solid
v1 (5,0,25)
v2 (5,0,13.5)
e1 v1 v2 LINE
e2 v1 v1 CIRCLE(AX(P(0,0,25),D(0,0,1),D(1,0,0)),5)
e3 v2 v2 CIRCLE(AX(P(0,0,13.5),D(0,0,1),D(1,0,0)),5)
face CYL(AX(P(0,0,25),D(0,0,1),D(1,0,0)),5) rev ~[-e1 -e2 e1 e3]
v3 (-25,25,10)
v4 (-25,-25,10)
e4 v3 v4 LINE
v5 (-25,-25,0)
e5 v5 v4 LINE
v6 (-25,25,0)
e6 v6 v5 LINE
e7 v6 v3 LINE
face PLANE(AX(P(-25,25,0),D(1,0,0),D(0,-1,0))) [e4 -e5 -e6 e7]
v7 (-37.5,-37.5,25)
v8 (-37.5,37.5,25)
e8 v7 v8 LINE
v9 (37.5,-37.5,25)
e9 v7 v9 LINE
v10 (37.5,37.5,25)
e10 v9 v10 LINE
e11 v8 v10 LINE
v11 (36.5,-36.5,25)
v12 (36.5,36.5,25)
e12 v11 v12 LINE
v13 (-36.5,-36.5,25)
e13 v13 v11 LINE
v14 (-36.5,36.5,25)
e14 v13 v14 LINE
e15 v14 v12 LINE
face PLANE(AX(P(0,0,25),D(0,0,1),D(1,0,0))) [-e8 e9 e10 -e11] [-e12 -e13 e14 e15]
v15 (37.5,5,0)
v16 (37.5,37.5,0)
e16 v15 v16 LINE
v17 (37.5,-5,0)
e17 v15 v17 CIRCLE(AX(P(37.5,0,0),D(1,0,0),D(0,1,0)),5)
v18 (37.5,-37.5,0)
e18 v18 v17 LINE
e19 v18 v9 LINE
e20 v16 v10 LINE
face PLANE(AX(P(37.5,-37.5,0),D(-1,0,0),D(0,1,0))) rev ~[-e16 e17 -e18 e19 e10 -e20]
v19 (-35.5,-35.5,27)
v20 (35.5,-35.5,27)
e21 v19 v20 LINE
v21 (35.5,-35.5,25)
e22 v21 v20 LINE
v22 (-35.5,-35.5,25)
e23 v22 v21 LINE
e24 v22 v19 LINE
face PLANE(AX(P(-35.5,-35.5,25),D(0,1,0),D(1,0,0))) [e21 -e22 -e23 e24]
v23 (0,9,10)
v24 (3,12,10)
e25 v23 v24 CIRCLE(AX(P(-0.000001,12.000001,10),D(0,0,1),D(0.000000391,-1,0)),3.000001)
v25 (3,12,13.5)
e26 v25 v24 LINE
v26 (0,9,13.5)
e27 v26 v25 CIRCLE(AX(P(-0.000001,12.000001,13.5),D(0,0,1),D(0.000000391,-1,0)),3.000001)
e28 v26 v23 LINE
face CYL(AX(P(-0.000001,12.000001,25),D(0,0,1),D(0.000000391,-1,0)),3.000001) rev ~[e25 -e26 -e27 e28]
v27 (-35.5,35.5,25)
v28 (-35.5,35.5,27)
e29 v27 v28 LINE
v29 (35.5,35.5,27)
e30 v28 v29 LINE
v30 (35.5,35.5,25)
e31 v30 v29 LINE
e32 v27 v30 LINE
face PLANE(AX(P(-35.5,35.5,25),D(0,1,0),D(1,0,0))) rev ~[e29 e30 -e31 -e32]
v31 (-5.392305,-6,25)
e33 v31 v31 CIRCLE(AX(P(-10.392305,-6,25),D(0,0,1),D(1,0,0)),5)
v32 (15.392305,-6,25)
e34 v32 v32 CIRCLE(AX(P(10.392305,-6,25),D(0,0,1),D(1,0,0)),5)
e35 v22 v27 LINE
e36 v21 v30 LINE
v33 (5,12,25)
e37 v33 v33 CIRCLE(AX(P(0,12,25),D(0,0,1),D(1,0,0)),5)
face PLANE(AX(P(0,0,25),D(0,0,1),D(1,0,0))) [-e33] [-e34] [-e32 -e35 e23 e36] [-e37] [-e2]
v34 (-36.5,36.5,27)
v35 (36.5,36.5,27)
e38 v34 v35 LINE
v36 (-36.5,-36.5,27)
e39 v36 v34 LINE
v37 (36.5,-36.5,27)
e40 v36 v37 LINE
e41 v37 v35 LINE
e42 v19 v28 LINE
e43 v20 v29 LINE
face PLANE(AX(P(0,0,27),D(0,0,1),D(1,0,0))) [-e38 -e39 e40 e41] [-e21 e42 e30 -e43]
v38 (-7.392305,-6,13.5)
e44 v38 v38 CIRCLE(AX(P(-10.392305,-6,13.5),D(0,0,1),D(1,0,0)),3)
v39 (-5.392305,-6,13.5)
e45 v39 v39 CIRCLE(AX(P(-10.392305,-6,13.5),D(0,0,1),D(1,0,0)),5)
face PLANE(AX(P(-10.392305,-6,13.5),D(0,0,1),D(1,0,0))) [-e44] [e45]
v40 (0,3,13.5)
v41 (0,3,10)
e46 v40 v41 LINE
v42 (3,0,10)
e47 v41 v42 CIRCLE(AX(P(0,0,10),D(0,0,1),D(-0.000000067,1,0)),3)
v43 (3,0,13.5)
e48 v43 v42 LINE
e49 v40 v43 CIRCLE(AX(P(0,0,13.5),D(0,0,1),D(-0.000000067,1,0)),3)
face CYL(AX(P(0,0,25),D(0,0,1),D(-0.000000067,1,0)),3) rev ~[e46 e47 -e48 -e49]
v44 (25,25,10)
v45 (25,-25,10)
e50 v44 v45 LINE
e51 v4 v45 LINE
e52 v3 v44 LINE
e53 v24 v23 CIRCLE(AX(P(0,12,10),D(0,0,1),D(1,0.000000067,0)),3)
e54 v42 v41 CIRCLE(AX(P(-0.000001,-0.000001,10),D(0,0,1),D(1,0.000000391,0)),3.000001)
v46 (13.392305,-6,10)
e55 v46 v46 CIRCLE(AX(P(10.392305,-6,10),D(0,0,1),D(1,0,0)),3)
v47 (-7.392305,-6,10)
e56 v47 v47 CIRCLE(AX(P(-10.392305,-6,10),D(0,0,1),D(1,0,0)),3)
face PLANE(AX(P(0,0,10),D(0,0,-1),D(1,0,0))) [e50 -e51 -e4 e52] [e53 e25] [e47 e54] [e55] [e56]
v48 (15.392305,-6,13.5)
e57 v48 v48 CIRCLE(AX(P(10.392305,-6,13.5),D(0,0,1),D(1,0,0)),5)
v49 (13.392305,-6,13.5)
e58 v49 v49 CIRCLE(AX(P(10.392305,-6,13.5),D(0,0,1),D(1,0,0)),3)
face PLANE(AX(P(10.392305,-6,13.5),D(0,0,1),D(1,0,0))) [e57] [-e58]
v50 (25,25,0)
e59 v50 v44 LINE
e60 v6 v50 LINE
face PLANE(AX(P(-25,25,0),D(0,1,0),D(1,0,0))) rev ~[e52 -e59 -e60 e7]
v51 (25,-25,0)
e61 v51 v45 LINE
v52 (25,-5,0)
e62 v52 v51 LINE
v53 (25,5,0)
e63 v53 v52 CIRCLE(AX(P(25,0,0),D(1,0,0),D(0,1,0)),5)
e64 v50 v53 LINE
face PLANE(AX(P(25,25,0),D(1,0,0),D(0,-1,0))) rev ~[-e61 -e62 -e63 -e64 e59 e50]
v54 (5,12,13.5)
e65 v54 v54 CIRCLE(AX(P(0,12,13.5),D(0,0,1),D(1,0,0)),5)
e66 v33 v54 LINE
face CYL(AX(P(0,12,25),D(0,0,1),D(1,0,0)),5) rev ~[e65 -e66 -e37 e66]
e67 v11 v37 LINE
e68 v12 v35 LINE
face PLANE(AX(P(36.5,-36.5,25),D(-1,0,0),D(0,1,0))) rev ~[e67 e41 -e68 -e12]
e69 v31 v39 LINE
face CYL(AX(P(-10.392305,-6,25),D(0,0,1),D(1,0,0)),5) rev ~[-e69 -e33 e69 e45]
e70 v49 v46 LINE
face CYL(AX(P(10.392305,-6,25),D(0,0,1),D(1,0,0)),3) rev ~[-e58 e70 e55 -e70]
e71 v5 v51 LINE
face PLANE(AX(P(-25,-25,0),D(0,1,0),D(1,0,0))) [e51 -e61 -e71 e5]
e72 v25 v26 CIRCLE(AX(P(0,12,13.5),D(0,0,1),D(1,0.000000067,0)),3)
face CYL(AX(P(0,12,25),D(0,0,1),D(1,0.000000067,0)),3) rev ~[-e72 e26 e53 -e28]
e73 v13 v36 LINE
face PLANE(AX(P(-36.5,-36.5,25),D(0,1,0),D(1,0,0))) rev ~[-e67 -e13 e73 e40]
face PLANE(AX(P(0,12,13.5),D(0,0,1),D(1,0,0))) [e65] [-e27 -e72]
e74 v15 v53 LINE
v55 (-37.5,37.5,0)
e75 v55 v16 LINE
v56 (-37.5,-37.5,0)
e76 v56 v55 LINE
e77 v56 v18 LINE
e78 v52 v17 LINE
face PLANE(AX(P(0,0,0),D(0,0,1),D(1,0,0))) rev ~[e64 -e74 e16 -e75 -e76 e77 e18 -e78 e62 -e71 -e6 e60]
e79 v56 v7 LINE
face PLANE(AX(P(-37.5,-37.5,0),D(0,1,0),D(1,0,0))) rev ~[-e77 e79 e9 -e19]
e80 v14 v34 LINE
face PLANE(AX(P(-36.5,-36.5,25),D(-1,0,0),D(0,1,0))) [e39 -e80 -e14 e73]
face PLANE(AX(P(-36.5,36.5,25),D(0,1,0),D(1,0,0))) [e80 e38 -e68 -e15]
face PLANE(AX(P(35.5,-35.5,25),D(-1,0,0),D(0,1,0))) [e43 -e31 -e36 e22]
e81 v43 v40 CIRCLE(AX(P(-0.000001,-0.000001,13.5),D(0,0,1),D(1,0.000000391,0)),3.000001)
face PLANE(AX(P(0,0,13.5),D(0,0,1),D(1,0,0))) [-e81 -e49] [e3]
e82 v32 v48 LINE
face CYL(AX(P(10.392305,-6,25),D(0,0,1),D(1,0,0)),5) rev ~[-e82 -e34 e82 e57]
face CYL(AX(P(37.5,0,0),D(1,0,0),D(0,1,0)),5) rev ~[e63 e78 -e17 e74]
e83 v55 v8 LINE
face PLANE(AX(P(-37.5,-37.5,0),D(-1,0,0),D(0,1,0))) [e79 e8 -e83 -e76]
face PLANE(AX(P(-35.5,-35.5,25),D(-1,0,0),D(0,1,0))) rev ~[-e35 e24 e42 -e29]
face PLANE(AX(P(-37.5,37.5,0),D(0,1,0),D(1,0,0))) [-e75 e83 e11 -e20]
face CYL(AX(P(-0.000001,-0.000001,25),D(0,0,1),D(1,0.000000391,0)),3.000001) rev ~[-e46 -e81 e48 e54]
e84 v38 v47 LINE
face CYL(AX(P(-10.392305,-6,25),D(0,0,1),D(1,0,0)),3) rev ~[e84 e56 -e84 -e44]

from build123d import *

# Parameters (mm, degrees)
F0_W      = 75
F0_H      = 75
F1_DEPTH  = 25
F2_W      = 73
F2_H      = 73
F2_W_2    = 71
F2_H_2    = 71
F3_DEPTH  = 2
F4_R      = 3
F5_DEPTH  = 20
F6_R      = 5
F7_DEPTH  = 11.5
F8_W      = 50
F8_H      = 50
F9_DEPTH  = 10
F10_R     = 5
F11_DEPTH = 15


with BuildPart() as f1:
    # F0 (on Top) → F1 (new body)
    with BuildSketch(Plane.XY):
        Rectangle(F0_W, F0_H)
    extrude(amount=F1_DEPTH)

    # F2 (on face) → F3 (join)
    with BuildSketch(Plane.XY.offset(25)):
        Rectangle(F2_W, F2_H)
        Rectangle(F2_W_2, F2_H_2, mode=Mode.SUBTRACT)
    extrude(amount=F3_DEPTH)

    # F4 (on face) → F5 (cut)
    with BuildSketch(Plane.XY.offset(25)):
        with BuildLine():
            ThreePointArc((0, 3), (-2.12132, -2.12132), (3, 0))
            ThreePointArc((3, 0), (2.12132, 2.12132), (0, 3))
        make_face()
        with BuildLine():
            ThreePointArc((3, 12), (-2.12132, 14.12132), (0, 9))
            ThreePointArc((0, 9), (2.12132, 9.87868), (3, 12))
        make_face()
        with Locations((-10.392305, -6)):
            Circle(F4_R)
        with Locations((10.392305, -6)):
            Circle(F4_R)
    extrude(amount=-F5_DEPTH, mode=Mode.SUBTRACT)

    # F6 (on face) → F7 (cut)
    with BuildSketch(Plane.XY.offset(25)):
        Circle(F6_R)
        with Locations((0, 12)):
            Circle(F6_R)
        with Locations((-10.392305, -6)):
            Circle(F6_R)
        with Locations((10.392305, -6)):
            Circle(F6_R)
    extrude(amount=-F7_DEPTH, mode=Mode.SUBTRACT)

    # F8 (on face) → F9 (cut)
    with BuildSketch(Plane(origin=(0, 0, 0), x_dir=(1, 0, 0), z_dir=(0, 0, -1))):
        Rectangle(F8_W, F8_H)
    extrude(amount=-F9_DEPTH, mode=Mode.SUBTRACT)

    # F10 (on face) → F11 (cut)
    with BuildSketch(Plane.YZ.offset(37.5)):
        Circle(F10_R)
    extrude(amount=-F11_DEPTH, mode=Mode.SUBTRACT)


solid = f1.part
